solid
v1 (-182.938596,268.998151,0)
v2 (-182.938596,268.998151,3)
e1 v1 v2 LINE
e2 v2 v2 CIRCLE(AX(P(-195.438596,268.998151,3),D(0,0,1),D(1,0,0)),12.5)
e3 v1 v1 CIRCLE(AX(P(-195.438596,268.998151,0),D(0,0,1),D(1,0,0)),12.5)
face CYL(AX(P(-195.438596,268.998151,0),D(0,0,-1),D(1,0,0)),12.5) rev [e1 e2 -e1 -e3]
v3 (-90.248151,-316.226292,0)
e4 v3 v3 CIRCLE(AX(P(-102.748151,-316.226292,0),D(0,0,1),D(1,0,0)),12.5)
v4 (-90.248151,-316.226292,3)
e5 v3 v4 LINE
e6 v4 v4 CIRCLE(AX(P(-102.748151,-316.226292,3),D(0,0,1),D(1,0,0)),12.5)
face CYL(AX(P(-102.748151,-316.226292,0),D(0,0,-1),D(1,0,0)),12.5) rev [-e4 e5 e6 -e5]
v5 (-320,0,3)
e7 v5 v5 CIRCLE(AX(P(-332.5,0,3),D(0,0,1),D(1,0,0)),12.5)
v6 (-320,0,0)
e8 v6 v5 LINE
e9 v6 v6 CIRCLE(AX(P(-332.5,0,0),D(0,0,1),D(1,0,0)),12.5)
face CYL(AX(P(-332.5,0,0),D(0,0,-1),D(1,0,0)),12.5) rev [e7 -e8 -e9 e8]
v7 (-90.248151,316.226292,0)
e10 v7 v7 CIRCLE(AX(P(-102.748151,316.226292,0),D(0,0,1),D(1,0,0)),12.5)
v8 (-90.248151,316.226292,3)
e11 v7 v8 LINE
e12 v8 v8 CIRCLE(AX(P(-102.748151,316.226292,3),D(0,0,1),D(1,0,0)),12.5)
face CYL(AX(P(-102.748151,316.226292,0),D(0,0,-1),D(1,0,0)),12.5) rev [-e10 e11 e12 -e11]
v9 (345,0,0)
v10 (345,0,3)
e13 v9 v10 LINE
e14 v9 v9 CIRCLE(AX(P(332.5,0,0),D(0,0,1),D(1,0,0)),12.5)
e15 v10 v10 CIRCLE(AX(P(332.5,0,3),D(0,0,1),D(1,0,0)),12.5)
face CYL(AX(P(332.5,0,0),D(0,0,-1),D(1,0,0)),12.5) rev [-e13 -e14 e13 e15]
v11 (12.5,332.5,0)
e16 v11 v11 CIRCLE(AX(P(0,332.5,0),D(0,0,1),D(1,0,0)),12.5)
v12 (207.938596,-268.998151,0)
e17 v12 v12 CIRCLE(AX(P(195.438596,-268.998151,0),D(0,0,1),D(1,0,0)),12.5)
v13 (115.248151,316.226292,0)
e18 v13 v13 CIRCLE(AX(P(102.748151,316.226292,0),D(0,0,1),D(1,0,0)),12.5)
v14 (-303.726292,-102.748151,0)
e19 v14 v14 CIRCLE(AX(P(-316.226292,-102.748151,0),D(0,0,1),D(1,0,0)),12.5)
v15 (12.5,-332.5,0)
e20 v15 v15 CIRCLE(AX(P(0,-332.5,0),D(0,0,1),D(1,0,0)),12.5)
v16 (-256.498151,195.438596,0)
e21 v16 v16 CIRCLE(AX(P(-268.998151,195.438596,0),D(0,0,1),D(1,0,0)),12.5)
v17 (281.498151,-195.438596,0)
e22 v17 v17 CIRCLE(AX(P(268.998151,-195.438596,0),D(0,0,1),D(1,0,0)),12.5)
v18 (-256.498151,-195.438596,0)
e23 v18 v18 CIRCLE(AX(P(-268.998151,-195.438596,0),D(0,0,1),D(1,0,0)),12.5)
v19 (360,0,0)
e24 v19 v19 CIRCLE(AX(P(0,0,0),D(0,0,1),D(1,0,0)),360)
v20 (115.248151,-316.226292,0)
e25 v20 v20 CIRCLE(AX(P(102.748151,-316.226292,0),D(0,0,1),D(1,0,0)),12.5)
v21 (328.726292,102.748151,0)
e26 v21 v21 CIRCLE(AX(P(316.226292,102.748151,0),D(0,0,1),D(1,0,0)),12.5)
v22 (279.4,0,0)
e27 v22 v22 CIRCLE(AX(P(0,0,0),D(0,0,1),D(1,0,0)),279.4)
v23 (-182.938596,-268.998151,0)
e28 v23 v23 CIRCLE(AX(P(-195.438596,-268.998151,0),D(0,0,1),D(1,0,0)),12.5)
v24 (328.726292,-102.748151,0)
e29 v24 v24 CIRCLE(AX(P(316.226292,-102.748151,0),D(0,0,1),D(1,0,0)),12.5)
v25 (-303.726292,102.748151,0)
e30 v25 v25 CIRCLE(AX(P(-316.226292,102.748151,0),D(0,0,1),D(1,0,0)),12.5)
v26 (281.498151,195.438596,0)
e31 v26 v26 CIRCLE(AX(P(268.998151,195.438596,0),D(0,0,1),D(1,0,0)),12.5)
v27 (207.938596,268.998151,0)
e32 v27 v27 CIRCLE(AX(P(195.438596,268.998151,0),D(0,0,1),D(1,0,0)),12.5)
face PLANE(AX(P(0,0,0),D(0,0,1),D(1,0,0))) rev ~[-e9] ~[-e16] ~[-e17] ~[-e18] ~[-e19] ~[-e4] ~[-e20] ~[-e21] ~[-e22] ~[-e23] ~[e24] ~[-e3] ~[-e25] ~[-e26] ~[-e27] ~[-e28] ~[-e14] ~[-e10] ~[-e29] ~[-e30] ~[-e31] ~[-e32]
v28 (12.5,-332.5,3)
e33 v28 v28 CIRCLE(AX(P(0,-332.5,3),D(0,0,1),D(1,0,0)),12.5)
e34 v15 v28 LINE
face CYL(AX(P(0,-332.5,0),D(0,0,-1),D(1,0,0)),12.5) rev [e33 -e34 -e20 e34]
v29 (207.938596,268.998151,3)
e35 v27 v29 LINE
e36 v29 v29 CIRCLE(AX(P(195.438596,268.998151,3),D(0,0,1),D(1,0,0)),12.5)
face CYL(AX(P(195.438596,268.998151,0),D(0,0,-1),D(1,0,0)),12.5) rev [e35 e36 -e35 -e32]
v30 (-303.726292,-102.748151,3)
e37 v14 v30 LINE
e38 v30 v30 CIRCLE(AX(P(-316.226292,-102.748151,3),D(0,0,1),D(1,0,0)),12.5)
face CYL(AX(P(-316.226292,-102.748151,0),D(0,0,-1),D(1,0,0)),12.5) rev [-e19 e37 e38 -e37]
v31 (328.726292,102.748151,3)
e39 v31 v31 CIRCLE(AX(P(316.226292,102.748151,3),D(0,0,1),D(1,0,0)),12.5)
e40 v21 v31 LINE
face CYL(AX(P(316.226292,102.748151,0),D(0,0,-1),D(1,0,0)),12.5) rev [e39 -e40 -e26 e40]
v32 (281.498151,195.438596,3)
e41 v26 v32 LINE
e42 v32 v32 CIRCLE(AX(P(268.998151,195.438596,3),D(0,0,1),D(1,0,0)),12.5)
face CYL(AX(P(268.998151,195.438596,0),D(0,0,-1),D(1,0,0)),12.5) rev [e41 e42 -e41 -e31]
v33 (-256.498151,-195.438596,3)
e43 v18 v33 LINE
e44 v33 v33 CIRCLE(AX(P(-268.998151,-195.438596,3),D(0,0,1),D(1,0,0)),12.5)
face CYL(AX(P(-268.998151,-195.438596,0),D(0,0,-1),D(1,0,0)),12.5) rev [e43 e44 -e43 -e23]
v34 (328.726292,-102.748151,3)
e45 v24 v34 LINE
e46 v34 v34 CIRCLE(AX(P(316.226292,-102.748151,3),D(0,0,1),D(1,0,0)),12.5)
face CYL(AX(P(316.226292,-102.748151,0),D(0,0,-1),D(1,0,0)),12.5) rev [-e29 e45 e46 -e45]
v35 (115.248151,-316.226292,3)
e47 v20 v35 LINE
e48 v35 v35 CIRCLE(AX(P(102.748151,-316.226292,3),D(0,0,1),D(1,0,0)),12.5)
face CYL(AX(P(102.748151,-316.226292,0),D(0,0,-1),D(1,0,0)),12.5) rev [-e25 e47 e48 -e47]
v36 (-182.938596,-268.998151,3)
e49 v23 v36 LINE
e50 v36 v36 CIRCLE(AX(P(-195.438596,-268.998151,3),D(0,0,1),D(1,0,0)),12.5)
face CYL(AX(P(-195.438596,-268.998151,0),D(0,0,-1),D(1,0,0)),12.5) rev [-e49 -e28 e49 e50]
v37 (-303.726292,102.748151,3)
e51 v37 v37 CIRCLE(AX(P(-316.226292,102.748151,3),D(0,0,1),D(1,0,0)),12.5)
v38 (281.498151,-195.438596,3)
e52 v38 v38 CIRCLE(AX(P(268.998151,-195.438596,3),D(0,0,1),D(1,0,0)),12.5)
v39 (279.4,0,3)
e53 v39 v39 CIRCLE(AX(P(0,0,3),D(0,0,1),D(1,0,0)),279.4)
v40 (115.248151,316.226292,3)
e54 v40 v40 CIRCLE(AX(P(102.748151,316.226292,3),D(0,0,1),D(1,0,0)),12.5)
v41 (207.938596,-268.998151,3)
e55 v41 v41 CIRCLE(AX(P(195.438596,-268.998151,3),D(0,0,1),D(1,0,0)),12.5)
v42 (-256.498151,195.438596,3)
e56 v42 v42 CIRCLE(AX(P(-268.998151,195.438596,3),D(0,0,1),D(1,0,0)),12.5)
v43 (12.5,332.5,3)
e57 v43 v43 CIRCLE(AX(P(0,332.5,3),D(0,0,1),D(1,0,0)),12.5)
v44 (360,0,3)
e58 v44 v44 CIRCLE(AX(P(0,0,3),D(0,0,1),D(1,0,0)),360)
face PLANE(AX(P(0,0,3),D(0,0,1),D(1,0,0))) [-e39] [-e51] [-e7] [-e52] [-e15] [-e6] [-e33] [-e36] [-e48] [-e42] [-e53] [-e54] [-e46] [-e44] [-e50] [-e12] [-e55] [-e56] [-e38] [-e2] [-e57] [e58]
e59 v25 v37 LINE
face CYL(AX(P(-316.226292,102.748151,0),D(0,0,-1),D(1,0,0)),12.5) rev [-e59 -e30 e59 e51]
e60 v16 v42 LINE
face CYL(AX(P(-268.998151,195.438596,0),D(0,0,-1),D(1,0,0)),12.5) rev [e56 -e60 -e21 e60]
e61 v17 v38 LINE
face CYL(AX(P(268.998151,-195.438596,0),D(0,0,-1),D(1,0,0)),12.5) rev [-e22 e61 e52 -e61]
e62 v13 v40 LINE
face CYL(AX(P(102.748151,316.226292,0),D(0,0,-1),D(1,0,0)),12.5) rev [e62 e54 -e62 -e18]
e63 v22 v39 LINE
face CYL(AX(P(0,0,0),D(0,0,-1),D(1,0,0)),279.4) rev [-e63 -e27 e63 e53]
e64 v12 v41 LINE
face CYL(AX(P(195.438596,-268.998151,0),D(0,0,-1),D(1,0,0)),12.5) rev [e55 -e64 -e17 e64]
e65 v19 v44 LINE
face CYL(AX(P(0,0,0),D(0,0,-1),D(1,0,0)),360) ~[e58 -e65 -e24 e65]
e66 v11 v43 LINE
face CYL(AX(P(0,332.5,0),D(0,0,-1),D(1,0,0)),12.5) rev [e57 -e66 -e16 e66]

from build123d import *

# Parameters (mm, degrees)
F0_R     = 360
F0_R_2   = 12.5
F0_R_3   = 279.4
F1_DEPTH = 3


with BuildPart() as f1:
    # F0 (on Top) → F1 (new body)
    with BuildSketch(Plane.XY):
        Circle(F0_R)
        with Locations((-195.438596, -268.998151)):
            Circle(F0_R_2, mode=Mode.SUBTRACT)
        with Locations((-268.998151, -195.438596)):
            Circle(F0_R_2, mode=Mode.SUBTRACT)
        with Locations((-102.748151, -316.226292)):
            Circle(F0_R_2, mode=Mode.SUBTRACT)
        with Locations((-316.226292, -102.748151)):
            Circle(F0_R_2, mode=Mode.SUBTRACT)
        with Locations((0, -332.5)):
            Circle(F0_R_2, mode=Mode.SUBTRACT)
        with Locations((102.748151, -316.226292)):
            Circle(F0_R_2, mode=Mode.SUBTRACT)
        with Locations((195.438596, -268.998151)):
            Circle(F0_R_2, mode=Mode.SUBTRACT)
        with Locations((268.998151, -195.438596)):
            Circle(F0_R_2, mode=Mode.SUBTRACT)
        with Locations((316.226292, -102.748151)):
            Circle(F0_R_2, mode=Mode.SUBTRACT)
        with Locations((-332.5, 0)):
            Circle(F0_R_2, mode=Mode.SUBTRACT)
        with Locations((-316.226292, 102.748151)):
            Circle(F0_R_2, mode=Mode.SUBTRACT)
        with Locations((-268.998151, 195.438596)):
            Circle(F0_R_2, mode=Mode.SUBTRACT)
        with Locations((-195.438596, 268.998151)):
            Circle(F0_R_2, mode=Mode.SUBTRACT)
        with Locations((-102.748151, 316.226292)):
            Circle(F0_R_2, mode=Mode.SUBTRACT)
        Circle(F0_R_3, mode=Mode.SUBTRACT)
        with Locations((332.5, 0)):
            Circle(F0_R_2, mode=Mode.SUBTRACT)
        with Locations((316.226292, 102.748151)):
            Circle(F0_R_2, mode=Mode.SUBTRACT)
        with Locations((0, 332.5)):
            Circle(F0_R_2, mode=Mode.SUBTRACT)
        with Locations((102.748151, 316.226292)):
            Circle(F0_R_2, mode=Mode.SUBTRACT)
        with Locations((268.998151, 195.438596)):
            Circle(F0_R_2, mode=Mode.SUBTRACT)
        with Locations((195.438596, 268.998151)):
            Circle(F0_R_2, mode=Mode.SUBTRACT)
    extrude(amount=F1_DEPTH)


solid = f1.part
